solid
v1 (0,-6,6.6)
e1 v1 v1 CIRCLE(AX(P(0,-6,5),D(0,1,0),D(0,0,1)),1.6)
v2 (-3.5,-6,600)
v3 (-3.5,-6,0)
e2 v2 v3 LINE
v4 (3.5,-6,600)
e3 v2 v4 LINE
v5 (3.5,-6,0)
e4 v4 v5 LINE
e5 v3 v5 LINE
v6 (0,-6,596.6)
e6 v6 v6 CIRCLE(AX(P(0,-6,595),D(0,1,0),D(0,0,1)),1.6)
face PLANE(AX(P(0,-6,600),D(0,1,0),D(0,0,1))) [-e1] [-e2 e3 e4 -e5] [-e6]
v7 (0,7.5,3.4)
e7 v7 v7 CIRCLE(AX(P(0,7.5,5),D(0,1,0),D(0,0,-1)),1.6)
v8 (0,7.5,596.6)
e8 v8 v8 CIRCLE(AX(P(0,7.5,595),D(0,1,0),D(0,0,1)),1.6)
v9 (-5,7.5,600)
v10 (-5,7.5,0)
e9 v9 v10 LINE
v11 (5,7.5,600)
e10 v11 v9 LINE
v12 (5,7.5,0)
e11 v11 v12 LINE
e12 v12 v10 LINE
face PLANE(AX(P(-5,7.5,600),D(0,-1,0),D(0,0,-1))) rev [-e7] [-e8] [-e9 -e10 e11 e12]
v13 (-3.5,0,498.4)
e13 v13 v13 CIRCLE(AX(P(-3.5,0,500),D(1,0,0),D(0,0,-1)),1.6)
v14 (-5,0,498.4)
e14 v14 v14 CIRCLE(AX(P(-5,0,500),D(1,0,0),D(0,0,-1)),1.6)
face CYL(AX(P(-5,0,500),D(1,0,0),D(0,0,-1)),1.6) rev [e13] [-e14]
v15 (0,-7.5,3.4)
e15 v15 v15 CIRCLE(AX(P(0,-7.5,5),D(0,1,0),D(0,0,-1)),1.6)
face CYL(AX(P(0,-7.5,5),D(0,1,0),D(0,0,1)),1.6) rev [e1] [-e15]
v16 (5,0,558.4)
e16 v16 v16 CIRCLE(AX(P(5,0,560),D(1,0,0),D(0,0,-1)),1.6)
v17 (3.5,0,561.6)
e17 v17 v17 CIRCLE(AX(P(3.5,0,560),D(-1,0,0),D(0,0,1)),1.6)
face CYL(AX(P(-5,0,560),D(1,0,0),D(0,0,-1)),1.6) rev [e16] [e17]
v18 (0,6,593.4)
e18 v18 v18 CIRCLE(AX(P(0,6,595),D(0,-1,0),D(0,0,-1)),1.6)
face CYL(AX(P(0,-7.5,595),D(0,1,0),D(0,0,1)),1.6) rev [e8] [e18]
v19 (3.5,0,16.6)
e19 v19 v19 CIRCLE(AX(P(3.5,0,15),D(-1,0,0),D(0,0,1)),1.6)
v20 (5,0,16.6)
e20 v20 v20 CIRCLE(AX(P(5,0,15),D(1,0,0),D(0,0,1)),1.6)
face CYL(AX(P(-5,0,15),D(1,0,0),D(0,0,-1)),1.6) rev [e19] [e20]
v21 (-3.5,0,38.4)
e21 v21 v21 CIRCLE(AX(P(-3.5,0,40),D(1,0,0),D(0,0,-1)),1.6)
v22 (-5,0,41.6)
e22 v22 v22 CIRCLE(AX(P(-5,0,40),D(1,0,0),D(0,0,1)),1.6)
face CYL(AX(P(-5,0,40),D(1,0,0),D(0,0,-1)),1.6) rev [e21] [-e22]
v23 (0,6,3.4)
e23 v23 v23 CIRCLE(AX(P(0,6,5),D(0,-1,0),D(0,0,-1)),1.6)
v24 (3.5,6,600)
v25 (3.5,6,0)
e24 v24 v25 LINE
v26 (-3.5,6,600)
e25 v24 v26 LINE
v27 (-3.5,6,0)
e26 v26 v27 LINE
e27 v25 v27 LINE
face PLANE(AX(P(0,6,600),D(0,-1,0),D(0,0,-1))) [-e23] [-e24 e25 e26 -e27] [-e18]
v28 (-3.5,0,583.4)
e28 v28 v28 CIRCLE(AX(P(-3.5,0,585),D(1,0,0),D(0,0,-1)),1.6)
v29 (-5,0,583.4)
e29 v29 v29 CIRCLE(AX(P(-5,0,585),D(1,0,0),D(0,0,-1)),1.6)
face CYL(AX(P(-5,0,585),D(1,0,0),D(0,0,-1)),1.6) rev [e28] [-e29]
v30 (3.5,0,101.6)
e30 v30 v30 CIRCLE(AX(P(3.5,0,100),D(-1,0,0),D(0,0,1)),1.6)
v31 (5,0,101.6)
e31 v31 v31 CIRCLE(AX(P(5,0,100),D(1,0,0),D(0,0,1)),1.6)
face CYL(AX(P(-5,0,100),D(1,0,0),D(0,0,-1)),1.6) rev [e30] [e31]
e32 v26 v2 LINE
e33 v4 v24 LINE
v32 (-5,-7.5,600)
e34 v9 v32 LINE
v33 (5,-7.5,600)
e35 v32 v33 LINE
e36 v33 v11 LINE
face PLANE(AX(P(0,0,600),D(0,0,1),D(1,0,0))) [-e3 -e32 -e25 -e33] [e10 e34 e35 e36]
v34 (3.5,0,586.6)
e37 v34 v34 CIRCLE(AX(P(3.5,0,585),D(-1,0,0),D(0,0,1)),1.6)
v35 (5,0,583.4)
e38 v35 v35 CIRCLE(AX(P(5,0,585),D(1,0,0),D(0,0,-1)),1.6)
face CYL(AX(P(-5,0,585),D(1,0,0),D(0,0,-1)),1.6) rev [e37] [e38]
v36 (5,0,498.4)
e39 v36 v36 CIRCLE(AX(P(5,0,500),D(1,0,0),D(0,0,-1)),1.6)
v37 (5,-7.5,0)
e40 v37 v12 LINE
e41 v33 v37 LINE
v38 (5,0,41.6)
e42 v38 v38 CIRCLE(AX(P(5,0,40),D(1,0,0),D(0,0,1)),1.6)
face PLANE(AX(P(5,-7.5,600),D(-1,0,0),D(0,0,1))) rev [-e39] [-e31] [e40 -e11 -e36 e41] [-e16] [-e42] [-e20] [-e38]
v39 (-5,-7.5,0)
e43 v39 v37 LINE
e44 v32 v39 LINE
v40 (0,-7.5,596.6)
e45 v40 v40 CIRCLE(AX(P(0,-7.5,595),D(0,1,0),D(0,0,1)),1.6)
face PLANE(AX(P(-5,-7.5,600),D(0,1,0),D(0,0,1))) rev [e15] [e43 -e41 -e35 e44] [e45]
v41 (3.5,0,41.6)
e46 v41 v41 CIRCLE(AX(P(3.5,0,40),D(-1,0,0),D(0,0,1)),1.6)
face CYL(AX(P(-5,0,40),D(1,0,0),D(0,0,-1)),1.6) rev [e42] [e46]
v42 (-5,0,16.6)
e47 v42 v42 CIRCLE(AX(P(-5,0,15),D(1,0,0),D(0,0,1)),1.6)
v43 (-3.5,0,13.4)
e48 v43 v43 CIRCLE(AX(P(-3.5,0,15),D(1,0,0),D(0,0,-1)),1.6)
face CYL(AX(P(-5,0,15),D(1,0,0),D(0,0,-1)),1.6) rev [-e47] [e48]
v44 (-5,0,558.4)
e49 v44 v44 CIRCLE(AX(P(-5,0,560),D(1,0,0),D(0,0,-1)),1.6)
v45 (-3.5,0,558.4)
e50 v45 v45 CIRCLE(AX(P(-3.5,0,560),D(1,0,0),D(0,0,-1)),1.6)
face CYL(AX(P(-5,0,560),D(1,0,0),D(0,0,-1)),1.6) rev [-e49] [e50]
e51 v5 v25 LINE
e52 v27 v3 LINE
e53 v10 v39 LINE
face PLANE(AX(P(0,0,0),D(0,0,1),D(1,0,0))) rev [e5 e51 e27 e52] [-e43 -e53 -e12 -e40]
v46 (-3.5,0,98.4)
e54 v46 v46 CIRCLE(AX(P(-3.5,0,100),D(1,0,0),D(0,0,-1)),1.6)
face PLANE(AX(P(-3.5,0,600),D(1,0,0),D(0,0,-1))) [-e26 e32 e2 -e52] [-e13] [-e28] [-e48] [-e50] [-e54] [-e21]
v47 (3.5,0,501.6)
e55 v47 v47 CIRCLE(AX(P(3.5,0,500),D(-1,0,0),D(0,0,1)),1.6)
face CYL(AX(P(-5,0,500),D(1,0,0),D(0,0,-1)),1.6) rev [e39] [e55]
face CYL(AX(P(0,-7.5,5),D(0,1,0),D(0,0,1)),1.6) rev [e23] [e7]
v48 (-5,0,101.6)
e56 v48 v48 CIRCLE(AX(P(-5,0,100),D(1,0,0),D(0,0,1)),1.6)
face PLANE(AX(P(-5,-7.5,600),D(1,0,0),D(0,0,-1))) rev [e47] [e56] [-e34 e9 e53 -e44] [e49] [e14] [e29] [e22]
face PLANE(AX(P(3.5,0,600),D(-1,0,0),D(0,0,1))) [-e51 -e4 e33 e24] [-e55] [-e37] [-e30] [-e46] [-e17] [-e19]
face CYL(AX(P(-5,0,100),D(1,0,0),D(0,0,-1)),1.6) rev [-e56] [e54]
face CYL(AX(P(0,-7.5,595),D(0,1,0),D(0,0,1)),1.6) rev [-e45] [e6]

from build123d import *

# Parameters (mm, degrees)
SKETCH_1_W          = 10
SKETCH_1_H          = 15
SKETCH_1_W_2        = 7
SKETCH_1_H_2        = 12
EXTRUDE_1_DEPTH     = 600
SKETCH_2_R          = 1.6
CUT_EXTRUDE_1_DEPTH = 601.208297177
SKETCH_3_R          = 1.6
CUT_EXTRUDE_2_DEPTH = 601.130194208


with BuildPart() as part:
    # ｽｹｯﾁ1 → 押し出し-薄板1 (new body)
    with BuildSketch(Plane.XY):
        Rectangle(SKETCH_1_W, SKETCH_1_H)
        Rectangle(SKETCH_1_W_2, SKETCH_1_H_2, mode=Mode.SUBTRACT)
    extrude(amount=EXTRUDE_1_DEPTH)

    # ｽｹｯﾁ2 → ｶｯﾄ - 押し出し1 (cut, through all)
    with BuildSketch(Plane(origin=(0, 7.5, 0), x_dir=(1, 0, 0), z_dir=(0, 1, 0))):
        with Locations(Location((0, -595, 0), (0, 0, 270))):
            Circle(SKETCH_2_R)
        with Locations(Location((0, -5, 0), (0, 0, 270))):
            Circle(SKETCH_2_R)
    extrude(amount=-CUT_EXTRUDE_1_DEPTH, mode=Mode.SUBTRACT)

    # ｽｹｯﾁ3 → ｶｯﾄ - 押し出し2 (cut, through all)
    with BuildSketch(Plane(origin=(5, 0, 0), x_dir=(0, 0, -1), z_dir=(1, 0, 0))):
        with Locations((-560, 0)):
            Circle(SKETCH_3_R)
        with Locations((-40, 0)):
            Circle(SKETCH_3_R)
        with Locations((-500, 0)):
            Circle(SKETCH_3_R)
        with Locations((-100, 0)):
            Circle(SKETCH_3_R)
        with Locations((-585, 0)):
            Circle(SKETCH_3_R)
        with Locations((-15, 0)):
            Circle(SKETCH_3_R)
    extrude(amount=-CUT_EXTRUDE_2_DEPTH, mode=Mode.SUBTRACT)


solid = part.part
